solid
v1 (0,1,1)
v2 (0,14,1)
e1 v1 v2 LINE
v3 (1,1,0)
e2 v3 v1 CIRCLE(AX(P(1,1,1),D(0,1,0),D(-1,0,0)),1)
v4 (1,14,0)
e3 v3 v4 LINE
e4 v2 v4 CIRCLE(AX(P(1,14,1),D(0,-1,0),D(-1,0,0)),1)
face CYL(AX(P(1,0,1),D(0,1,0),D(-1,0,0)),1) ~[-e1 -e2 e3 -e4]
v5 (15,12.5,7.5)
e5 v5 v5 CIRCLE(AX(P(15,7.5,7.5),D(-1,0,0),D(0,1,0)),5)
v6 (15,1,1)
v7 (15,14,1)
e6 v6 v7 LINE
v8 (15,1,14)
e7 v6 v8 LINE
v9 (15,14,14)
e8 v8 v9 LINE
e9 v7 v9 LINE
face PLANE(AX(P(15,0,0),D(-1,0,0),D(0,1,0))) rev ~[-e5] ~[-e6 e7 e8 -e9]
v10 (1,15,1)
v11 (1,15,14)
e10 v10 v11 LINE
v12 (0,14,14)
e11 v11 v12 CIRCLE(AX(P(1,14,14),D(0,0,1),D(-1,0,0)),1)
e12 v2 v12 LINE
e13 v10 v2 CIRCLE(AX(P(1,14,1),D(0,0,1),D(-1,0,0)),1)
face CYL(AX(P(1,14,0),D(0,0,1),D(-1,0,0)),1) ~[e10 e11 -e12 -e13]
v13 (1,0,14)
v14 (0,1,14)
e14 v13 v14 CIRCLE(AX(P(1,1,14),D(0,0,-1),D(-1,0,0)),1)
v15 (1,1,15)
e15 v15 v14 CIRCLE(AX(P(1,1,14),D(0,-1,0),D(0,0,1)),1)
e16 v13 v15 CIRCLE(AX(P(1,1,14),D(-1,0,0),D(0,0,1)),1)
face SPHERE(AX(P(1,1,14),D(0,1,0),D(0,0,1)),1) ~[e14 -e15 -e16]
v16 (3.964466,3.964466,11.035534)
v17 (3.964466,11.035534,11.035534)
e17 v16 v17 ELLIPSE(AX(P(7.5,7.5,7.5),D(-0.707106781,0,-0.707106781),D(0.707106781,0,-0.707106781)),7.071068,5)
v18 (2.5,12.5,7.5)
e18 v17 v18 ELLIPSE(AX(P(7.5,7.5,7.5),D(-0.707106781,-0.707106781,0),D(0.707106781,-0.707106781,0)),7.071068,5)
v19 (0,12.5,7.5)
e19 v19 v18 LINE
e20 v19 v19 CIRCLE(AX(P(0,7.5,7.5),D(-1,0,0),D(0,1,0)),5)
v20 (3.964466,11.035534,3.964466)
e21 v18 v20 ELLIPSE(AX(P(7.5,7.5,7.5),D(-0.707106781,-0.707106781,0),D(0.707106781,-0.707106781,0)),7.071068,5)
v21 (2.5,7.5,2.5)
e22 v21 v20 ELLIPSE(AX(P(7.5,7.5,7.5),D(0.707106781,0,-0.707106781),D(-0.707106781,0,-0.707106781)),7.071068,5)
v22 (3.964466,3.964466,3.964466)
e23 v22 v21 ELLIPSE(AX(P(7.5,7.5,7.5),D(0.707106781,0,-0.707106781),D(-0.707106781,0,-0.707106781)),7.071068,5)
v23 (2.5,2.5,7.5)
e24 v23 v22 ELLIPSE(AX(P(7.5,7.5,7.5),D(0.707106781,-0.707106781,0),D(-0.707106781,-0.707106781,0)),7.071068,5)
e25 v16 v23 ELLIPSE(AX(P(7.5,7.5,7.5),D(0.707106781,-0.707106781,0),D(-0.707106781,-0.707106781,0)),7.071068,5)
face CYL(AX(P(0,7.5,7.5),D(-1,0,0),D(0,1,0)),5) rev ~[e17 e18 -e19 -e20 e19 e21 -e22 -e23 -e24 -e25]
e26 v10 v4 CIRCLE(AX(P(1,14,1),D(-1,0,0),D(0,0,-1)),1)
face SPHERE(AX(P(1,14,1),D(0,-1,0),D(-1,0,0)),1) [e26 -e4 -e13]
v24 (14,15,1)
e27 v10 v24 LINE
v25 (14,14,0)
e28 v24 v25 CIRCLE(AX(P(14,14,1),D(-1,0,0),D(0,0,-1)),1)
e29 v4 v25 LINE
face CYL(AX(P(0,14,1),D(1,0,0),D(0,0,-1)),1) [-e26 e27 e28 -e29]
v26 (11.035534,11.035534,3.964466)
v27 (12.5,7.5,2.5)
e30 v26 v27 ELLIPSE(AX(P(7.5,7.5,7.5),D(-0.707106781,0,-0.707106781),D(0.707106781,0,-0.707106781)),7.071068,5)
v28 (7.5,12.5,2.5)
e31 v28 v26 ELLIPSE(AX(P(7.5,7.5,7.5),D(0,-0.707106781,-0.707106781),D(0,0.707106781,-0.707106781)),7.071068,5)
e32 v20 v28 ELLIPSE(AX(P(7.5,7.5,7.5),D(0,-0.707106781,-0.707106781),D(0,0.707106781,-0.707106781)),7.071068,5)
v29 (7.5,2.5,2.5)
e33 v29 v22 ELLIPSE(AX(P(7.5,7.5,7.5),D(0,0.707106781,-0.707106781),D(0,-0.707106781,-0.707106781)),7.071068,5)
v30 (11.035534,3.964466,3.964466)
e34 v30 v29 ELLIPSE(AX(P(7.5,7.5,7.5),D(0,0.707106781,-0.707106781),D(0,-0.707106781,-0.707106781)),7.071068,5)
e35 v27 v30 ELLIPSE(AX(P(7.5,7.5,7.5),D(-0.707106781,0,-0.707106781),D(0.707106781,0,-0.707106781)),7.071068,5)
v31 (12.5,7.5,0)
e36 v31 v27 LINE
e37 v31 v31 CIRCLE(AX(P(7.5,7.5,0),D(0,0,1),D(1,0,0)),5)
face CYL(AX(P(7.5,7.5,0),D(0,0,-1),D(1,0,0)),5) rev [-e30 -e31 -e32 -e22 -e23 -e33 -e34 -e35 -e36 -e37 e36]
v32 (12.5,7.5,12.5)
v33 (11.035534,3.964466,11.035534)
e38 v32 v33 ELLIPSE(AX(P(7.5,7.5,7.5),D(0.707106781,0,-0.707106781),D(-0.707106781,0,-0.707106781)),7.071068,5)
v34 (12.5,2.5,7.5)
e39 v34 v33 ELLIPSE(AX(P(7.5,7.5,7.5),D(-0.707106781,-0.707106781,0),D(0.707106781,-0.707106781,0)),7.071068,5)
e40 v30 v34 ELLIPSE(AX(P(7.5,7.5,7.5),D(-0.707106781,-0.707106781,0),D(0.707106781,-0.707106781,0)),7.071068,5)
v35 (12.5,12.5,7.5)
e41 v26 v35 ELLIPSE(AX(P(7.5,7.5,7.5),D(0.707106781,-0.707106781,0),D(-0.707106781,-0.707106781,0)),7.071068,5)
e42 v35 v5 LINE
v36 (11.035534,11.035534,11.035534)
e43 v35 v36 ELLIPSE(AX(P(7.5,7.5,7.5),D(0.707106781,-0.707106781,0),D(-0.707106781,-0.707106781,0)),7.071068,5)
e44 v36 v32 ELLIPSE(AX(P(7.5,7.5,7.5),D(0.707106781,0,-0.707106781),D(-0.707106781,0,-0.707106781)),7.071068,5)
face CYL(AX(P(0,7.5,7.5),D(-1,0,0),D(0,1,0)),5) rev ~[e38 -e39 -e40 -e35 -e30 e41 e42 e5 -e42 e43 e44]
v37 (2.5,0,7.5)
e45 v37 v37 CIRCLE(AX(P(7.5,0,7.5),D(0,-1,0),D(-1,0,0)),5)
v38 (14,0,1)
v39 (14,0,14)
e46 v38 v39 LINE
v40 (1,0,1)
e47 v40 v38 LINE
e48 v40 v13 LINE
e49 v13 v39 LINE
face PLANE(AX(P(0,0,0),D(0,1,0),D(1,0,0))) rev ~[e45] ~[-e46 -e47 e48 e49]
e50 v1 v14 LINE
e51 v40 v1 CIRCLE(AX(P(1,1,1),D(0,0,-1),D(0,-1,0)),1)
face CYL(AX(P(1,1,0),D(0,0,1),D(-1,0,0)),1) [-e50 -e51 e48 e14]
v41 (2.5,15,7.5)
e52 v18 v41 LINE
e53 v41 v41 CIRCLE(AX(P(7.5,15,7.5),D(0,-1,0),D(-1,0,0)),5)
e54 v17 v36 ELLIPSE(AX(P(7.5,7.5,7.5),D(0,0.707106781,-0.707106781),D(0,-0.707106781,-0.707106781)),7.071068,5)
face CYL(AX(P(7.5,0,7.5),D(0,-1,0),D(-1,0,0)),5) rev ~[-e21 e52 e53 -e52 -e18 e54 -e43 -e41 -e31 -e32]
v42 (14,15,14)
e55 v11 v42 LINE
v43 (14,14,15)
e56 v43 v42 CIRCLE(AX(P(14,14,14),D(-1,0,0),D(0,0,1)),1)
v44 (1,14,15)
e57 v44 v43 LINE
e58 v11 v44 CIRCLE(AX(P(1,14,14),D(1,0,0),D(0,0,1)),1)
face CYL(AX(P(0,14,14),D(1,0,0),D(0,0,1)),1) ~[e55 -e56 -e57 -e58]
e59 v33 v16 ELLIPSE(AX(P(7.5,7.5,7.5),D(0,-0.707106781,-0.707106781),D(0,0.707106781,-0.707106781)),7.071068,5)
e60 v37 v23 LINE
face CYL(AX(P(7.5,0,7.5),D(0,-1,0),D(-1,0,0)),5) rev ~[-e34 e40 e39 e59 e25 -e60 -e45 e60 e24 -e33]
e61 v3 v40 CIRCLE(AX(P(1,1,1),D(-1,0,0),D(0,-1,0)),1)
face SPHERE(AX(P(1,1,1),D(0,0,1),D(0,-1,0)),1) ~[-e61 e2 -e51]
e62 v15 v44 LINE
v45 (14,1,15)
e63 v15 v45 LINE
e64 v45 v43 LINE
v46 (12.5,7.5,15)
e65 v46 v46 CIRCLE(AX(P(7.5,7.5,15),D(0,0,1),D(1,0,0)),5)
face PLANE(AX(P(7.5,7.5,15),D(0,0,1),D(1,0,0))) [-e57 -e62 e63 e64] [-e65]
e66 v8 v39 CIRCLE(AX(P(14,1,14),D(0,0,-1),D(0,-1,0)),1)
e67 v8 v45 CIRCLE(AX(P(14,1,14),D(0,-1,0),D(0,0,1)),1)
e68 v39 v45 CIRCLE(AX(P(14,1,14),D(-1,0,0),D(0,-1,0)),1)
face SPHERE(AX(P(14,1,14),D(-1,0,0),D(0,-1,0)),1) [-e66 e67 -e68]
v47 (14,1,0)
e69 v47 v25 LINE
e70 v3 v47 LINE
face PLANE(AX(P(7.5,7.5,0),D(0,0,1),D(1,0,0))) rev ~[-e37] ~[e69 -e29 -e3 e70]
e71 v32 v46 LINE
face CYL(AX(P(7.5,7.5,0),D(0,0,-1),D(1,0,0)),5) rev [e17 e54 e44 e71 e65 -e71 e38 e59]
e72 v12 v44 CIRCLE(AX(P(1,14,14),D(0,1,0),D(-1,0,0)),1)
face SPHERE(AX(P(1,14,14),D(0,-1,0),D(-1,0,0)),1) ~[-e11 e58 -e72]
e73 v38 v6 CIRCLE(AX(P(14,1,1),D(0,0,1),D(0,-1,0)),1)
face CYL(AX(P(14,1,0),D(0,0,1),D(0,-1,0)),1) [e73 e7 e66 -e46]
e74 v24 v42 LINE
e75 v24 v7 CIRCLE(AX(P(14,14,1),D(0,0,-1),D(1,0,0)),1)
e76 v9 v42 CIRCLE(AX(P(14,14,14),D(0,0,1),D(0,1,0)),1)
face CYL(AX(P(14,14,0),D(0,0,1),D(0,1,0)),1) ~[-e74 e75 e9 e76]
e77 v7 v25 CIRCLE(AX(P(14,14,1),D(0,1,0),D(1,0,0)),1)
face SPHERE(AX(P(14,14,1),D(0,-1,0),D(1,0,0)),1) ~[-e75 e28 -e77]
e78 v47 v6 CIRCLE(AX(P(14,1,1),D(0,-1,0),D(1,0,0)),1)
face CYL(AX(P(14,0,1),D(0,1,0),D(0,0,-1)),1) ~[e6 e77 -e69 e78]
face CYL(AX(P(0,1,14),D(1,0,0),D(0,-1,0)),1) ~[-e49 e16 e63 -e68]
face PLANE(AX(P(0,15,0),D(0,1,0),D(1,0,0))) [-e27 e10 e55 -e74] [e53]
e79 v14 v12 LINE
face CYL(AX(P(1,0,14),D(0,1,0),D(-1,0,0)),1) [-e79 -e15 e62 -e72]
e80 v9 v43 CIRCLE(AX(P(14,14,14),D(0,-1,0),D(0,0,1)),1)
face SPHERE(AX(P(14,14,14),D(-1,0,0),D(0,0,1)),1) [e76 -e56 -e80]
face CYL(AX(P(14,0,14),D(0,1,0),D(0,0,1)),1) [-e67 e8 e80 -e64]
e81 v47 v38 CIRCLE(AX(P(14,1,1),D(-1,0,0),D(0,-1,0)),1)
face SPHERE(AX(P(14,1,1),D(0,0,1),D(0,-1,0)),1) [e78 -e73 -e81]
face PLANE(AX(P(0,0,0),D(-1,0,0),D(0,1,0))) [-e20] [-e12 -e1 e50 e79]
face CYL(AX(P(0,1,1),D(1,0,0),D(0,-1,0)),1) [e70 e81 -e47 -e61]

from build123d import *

# Parameters (mm, degrees)
F0_W     = 15
F0_H     = 15
F0_R     = 5
F1_DEPTH = 15
F3_DEPTH = 15.001
F5_DEPTH = 15.001
F6_R     = 1


with BuildPart() as f1:
    # F0 (on Top) → F1 (new body)
    with BuildSketch(Plane.XY):
        with Locations((7.5, 7.5)):
            Rectangle(F0_W, F0_H)
        with Locations((7.5, 7.5)):
            Circle(F0_R, mode=Mode.SUBTRACT)
    extrude(amount=F1_DEPTH)

    # F2 (on face) → F3 (cut, through all)
    with BuildSketch(Plane.XZ):
        with BuildLine():
            Line((2.5, 7.5), (12.5, 7.5))
            ThreePointArc((12.5, 7.5), (7.5, 12.5), (2.5, 7.5))
        make_face()
        with BuildLine():
            ThreePointArc((2.5, 7.5), (7.5, 2.5), (12.5, 7.5))
            Line((12.5, 7.5), (2.5, 7.5))
        make_face()
    extrude(amount=-F3_DEPTH, mode=Mode.SUBTRACT)

    # F4 (on face) → F5 (cut, through all)
    with BuildSketch(Plane(origin=(0, 0, 0), x_dir=(0, -1, 0), z_dir=(-1, 0, 0))):
        with BuildLine():
            Line((-12.5, 7.5), (-2.5, 7.5))
            ThreePointArc((-2.5, 7.5), (-7.5, 12.5), (-12.5, 7.5))
        make_face()
        with BuildLine():
            ThreePointArc((-12.5, 7.5), (-7.5, 2.5), (-2.5, 7.5))
            Line((-2.5, 7.5), (-12.5, 7.5))
        make_face()
    extrude(amount=-F5_DEPTH, mode=Mode.SUBTRACT)

    # F6
    f6_edges = [f1.edges().sort_by_distance(p)[0] for p in [
        (0, 7.5, 15),
        (7.5, 0, 15),
        (0, 0, 7.5),
        (15, 0, 7.5),
        (7.5, 0, 0),
        (0, 7.5, 0),
        (0, 15, 7.5),
        (7.5, 15, 15),
        (15, 7.5, 15),
        (15, 7.5, 0),
        (15, 15, 7.5),
        (7.5, 15, 0),
    ]]
    fillet(f6_edges, radius=F6_R)


solid = f1.part
